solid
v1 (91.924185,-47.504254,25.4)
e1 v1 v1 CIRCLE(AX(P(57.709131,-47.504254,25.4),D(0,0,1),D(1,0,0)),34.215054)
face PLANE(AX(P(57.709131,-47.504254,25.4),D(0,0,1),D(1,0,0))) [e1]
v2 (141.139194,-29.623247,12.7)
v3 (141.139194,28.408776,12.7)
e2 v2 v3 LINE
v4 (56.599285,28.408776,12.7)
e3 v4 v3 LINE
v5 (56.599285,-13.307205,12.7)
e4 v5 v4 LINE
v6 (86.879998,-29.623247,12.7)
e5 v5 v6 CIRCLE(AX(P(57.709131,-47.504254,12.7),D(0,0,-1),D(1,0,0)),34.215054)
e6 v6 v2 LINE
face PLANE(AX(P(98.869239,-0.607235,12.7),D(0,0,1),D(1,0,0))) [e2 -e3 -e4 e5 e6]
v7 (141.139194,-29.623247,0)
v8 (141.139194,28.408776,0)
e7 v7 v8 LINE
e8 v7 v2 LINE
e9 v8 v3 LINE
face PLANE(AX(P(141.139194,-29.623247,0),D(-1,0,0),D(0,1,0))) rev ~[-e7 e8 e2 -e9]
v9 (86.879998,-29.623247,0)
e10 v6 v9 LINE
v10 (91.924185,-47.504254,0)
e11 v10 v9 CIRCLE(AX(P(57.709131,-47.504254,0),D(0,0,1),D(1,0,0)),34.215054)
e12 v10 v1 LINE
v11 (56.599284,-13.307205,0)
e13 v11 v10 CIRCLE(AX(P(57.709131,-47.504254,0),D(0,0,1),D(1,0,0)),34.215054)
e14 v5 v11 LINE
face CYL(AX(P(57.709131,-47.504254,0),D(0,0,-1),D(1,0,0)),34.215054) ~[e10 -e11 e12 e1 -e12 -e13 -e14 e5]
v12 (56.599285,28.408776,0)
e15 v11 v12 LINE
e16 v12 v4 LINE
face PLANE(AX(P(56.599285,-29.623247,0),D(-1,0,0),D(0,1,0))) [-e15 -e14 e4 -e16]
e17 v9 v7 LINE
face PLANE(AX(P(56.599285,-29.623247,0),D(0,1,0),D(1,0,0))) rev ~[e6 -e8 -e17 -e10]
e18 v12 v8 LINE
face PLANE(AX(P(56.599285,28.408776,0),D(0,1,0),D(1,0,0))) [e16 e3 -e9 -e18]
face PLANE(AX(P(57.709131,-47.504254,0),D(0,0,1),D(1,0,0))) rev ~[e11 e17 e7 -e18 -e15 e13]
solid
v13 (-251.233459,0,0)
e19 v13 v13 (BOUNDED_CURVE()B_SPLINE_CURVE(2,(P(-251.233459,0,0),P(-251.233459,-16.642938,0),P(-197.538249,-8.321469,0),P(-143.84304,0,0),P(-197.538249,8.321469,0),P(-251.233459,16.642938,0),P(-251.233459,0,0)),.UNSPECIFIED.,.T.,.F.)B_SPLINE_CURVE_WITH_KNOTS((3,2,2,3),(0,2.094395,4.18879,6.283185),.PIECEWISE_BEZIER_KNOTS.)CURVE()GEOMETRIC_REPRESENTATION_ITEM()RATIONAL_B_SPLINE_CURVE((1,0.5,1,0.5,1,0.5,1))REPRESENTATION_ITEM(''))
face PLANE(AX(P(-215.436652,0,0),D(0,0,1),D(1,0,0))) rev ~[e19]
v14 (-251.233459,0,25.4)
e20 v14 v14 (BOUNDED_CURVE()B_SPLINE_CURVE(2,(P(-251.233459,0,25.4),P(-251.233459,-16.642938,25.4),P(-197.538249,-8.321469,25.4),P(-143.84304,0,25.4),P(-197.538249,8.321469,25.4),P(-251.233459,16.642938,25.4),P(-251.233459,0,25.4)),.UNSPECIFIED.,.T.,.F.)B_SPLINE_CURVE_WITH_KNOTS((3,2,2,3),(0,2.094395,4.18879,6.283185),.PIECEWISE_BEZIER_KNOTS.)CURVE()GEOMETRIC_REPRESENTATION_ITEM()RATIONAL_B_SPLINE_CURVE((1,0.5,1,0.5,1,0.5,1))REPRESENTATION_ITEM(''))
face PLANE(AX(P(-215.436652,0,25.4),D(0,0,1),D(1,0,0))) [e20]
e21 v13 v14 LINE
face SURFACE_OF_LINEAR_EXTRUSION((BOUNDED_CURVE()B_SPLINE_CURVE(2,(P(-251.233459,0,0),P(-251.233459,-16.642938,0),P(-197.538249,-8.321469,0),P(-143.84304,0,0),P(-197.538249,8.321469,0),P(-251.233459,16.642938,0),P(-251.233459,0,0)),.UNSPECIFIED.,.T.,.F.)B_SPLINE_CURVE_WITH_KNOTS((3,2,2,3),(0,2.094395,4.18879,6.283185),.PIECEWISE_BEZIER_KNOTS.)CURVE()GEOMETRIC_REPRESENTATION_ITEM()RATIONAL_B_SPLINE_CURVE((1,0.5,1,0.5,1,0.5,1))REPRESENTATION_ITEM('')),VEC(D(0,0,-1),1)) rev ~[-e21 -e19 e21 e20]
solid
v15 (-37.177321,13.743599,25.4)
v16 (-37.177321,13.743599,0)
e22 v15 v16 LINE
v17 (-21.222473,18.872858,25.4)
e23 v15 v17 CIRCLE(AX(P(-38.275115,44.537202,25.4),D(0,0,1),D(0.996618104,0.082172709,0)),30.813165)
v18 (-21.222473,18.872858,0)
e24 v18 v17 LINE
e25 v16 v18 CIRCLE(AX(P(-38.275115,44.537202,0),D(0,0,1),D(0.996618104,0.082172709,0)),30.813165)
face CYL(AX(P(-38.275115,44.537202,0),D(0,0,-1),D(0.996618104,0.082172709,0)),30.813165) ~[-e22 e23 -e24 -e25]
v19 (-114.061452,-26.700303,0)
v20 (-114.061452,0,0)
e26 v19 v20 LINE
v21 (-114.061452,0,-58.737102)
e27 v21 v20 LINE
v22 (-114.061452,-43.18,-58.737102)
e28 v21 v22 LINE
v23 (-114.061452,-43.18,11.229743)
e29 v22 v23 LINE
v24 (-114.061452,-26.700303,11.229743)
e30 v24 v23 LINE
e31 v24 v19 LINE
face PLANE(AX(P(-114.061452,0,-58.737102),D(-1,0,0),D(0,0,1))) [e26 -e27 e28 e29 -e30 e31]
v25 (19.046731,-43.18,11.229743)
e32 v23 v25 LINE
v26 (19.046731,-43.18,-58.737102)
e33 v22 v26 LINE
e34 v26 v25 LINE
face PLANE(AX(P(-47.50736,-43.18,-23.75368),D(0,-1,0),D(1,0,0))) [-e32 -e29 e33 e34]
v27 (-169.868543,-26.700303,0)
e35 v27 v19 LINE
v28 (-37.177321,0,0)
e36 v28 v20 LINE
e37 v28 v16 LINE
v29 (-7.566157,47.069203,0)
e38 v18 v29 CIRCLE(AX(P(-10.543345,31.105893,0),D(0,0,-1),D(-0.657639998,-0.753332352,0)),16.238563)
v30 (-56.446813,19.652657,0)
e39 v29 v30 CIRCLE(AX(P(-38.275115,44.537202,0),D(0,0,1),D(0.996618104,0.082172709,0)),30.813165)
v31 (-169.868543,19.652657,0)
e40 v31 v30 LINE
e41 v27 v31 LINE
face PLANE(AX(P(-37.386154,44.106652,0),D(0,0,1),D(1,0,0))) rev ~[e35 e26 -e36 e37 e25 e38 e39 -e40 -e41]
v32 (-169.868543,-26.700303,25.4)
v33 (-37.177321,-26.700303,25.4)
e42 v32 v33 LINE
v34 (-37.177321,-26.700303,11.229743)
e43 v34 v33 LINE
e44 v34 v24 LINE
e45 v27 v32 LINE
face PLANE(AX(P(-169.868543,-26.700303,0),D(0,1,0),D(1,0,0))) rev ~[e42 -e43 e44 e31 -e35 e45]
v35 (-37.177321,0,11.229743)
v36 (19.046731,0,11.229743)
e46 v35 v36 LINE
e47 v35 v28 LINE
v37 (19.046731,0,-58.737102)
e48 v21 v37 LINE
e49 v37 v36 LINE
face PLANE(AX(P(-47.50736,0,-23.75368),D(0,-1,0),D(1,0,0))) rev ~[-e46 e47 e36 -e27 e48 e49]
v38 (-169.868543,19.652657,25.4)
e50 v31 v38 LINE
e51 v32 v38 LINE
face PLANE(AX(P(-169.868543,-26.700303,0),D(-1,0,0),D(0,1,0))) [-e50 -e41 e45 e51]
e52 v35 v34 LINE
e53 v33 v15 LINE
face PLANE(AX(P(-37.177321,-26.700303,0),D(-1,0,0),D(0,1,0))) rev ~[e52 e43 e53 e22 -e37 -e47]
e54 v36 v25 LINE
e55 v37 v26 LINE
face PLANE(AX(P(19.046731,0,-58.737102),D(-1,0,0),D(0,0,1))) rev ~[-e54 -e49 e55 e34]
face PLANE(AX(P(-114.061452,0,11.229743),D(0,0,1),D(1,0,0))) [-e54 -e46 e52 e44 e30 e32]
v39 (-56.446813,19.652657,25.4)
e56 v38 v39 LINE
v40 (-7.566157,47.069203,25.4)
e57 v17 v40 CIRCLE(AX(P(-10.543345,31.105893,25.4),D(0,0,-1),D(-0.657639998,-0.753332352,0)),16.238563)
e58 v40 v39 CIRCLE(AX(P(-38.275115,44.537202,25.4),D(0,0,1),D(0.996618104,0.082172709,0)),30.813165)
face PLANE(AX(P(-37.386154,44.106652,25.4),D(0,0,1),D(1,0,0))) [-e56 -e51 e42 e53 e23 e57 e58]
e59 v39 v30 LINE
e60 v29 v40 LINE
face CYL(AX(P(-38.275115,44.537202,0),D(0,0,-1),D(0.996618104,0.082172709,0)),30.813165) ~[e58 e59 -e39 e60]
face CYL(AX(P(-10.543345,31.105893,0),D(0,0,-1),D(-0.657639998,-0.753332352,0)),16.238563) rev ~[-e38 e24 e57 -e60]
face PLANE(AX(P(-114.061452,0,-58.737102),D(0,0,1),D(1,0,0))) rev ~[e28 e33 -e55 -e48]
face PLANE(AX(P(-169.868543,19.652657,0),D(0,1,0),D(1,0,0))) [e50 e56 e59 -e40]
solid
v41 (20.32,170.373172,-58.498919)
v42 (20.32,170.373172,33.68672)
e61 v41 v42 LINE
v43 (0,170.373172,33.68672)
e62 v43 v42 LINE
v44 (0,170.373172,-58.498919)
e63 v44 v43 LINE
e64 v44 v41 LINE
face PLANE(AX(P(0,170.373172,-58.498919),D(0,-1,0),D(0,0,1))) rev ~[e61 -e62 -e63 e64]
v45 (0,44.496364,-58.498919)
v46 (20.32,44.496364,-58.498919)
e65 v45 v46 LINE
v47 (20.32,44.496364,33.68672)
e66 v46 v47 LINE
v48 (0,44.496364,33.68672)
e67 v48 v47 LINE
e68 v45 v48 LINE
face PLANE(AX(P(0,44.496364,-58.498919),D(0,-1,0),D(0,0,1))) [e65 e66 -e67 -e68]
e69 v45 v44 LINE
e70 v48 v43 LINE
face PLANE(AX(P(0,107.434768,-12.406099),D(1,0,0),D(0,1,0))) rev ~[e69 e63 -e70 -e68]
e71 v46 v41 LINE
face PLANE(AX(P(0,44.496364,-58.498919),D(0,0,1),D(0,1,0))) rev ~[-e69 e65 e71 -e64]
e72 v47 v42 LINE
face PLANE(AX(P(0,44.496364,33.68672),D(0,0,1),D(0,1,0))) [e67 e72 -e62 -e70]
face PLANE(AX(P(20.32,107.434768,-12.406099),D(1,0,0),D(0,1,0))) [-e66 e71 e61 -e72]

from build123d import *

# Parameters (mm, degrees)
F0_W      = 133.108183
F0_H      = 69.966845
F1_DEPTH  = 43.18
F2_W      = 84.539909
F2_H      = 58.032023
F3_DEPTH  = 12.7
F4_W      = 125.876807
F4_H      = 92.185639
F5_DEPTH  = 20.32
F6_W      = 132.691223
F6_H      = 46.35296
F7_DEPTH  = 25.4
F9_DEPTH  = 25.4
F10_R     = 34.215054
F11_DEPTH = 25.4
F13_DEPTH = 25.4


with BuildPart() as f1:
    # F0 (on Front) → F1 (new body)
    with BuildSketch(Plane.XZ):
        with Locations((-47.50736, -23.75368)):
            Rectangle(F0_W, F0_H)
    extrude(amount=F1_DEPTH)

    # F6 (on Top) → F7 (join)
    with BuildSketch(Plane.XY):
        with Locations((-103.522932, -3.523823)):
            Rectangle(F6_W, F6_H)
    extrude(amount=F7_DEPTH)

    # F8 (on Top) → F9 (join)
    with BuildSketch(Plane.XY):
        with BuildLine():
            ThreePointArc((-21.222473, 18.872858), (-25.15801, 38.184203), (-7.566157, 47.069203))
            ThreePointArc((-7.566157, 47.069203), (-66.006886, 57.96851), (-21.222473, 18.872858))
        make_face()
    extrude(amount=F9_DEPTH)


with BuildPart() as f3:
    # F2 (on Top) → F3 (new body)
    with BuildSketch(Plane.XY):
        with Locations((98.869239, -0.607235)):
            Rectangle(F2_W, F2_H)
    extrude(amount=F3_DEPTH)

    # F10 (on Top) → F11 (join)
    with BuildSketch(Plane.XY):
        with Locations((57.709131, -47.504254)):
            Circle(F10_R)
    extrude(amount=F11_DEPTH)


with BuildPart() as f5:
    # F4 (on Right) → F5 (new body)
    with BuildSketch(Plane.YZ):
        with Locations((107.434768, -12.406099)):
            Rectangle(F4_W, F4_H)
    extrude(amount=F5_DEPTH)


with BuildPart() as f13:
    # F12 (on Top) → F13 (new body)
    with BuildSketch(Plane.XY):
        with BuildLine():
            add(Edge.make_bspline(
                [(-251.233459, 0), (-251.233459, -16.642938), (-197.538249, -8.321469), (-143.84304, 0), (-197.538249, 8.321469), (-251.233459, 16.642938), (-251.233459, 0)],
                knots=[0, 0, 0, 2.094395, 2.094395, 4.18879, 4.18879, 6.283185, 6.283185, 6.283185], degree=2, weights=[1, 0.5, 1, 0.5, 1, 0.5, 1]))
        make_face()
    extrude(amount=F13_DEPTH)


solid = Compound([f1.part, f3.part, f5.part, f13.part])
